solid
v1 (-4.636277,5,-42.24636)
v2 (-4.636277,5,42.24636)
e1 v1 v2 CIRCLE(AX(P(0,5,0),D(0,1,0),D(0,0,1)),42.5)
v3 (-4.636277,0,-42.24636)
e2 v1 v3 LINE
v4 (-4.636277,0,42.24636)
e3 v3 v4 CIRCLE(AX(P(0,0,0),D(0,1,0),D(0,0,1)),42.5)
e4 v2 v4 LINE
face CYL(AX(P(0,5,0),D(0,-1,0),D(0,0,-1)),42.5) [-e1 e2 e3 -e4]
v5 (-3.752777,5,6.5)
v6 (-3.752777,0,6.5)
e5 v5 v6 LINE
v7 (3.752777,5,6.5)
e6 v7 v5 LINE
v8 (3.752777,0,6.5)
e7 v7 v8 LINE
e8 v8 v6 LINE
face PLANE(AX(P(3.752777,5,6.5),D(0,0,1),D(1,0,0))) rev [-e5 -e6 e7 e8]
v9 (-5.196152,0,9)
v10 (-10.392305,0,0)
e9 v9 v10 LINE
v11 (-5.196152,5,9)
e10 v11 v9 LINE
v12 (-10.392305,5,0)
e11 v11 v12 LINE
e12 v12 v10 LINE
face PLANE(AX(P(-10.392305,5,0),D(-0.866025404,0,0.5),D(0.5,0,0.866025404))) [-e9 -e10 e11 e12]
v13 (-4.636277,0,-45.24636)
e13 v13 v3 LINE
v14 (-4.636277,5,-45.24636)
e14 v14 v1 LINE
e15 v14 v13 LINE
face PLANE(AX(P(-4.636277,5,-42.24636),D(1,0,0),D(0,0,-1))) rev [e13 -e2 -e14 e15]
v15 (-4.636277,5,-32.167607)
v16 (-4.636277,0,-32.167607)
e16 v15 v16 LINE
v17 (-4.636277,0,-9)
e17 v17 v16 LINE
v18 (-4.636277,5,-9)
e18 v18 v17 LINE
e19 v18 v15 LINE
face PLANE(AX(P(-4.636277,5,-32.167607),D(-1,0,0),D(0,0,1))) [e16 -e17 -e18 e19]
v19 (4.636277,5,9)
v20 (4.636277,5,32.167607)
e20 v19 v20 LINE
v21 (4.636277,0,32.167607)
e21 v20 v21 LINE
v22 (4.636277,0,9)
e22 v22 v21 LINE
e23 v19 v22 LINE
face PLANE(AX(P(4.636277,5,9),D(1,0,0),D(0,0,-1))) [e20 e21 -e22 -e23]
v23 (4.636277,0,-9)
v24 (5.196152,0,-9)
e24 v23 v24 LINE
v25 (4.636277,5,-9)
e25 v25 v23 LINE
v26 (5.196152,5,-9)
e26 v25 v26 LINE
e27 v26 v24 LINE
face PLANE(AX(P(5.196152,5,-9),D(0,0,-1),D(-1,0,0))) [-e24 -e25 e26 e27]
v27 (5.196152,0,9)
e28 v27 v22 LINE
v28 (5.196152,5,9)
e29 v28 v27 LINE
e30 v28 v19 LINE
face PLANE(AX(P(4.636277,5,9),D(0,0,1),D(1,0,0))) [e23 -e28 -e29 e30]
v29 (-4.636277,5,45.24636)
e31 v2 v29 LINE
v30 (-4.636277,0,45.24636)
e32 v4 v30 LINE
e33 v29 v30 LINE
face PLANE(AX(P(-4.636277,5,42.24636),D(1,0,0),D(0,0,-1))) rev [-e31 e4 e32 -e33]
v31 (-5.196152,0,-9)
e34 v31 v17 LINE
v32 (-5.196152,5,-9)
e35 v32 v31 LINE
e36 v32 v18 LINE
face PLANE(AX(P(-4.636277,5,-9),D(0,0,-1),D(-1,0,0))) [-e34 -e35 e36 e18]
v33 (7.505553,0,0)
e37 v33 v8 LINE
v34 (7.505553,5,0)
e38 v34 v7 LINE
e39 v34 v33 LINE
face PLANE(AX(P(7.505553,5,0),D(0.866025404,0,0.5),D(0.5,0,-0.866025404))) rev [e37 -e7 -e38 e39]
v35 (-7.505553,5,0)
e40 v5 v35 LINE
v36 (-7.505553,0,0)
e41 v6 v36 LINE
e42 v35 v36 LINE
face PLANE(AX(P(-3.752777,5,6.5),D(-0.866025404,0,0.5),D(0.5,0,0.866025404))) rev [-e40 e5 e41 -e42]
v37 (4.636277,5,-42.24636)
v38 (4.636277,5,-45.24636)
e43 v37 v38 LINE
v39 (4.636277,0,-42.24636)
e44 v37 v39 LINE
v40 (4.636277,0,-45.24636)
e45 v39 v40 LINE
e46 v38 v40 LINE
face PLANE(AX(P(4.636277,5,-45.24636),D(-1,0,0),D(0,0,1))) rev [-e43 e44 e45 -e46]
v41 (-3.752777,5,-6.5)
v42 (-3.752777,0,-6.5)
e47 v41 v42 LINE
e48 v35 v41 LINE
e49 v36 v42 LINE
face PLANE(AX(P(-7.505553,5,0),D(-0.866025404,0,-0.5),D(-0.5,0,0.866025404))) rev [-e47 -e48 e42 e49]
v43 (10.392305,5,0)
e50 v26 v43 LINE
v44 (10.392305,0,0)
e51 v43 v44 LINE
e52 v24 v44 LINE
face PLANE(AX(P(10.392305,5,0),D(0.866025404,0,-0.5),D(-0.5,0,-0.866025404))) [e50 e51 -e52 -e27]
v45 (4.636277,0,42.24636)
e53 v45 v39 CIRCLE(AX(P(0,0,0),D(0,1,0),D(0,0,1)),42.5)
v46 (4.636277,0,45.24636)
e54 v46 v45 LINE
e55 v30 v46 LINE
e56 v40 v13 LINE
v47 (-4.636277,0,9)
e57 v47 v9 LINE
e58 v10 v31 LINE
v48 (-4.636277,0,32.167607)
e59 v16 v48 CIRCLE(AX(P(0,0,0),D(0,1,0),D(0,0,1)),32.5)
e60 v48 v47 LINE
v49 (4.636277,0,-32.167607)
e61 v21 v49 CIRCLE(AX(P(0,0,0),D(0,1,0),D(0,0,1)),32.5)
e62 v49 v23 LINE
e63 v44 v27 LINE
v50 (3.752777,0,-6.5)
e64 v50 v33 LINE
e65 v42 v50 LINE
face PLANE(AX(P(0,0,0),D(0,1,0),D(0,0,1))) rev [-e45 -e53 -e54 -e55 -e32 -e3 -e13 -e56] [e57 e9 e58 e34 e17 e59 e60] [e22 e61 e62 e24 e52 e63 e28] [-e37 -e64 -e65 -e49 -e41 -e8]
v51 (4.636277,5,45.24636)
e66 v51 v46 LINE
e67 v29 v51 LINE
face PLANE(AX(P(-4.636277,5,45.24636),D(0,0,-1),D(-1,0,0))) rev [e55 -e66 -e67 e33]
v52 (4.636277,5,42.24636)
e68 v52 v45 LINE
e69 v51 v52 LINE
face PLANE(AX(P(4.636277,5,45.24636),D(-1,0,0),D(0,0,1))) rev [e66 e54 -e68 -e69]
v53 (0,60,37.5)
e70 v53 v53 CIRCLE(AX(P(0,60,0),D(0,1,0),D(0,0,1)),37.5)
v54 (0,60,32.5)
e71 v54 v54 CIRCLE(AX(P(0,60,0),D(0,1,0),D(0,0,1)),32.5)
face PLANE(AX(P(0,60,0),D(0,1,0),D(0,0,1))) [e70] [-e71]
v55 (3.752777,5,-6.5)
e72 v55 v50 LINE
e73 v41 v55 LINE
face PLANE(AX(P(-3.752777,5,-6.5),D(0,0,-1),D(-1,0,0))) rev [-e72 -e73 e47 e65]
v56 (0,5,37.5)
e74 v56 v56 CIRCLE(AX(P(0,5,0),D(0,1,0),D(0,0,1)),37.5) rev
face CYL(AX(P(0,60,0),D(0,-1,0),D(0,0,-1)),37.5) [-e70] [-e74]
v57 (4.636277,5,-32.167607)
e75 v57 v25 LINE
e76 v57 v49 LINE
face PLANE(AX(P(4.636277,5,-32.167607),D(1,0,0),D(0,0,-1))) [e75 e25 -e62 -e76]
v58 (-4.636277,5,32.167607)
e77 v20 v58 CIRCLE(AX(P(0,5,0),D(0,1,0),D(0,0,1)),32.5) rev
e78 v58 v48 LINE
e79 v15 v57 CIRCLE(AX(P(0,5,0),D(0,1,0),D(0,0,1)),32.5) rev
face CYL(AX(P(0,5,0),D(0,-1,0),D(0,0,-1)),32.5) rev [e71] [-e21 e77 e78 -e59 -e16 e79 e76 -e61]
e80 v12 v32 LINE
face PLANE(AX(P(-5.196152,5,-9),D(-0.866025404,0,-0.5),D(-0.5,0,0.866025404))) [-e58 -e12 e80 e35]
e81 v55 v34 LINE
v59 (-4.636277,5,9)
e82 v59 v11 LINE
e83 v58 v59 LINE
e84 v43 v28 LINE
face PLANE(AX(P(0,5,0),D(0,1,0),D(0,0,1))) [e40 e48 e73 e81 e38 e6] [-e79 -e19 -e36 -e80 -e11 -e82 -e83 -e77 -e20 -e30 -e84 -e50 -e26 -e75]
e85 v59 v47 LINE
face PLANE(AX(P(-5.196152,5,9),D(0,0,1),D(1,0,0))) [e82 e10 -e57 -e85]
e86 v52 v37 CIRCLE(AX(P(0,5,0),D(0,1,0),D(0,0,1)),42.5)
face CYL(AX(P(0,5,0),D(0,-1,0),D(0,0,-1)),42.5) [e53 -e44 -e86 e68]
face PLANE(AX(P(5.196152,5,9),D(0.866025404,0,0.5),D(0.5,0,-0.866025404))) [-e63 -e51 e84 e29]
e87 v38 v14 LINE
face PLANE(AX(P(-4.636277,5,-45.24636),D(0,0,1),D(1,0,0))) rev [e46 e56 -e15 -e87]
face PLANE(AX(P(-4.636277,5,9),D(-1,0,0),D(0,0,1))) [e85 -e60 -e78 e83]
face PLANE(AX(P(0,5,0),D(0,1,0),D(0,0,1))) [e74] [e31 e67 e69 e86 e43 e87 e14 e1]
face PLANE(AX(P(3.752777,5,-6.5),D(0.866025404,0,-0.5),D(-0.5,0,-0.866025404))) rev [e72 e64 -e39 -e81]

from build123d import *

# Parameters (mm, degrees)
BOSS_EXTRUDE3_DEPTH = 5
CUT_EXTRUDE1_DEPTH  = 6
SKETCH1_R           = 37.5
SKETCH1_R_2         = 32.5
BOSS_EXTRUDE4_DEPTH = 60


with BuildPart() as part:
    # Sketch4 → Boss-Extrude3 (new body)
    with BuildSketch(Plane(origin=(0, 0, 0), x_dir=(1, 0, 0), z_dir=(0, 1, 0))):
        with BuildLine():
            Line((-4.63627719, -42.246360007), (-4.63627719, -45.246360007))
            Line((-4.63627719, -45.246360007), (4.63627719, -45.246360007))
            Line((4.63627719, -45.246360007), (4.63627719, -42.246360007))
            ThreePointArc((4.63627719, -42.246360007), (42.5, 0), (4.63627719, 42.246360007))
            Line((4.63627719, 42.246360007), (4.63627719, 45.246360007))
            Line((4.63627719, 45.246360007), (-4.63627719, 45.246360007))
            Line((-4.63627719, 45.246360007), (-4.63627719, 42.246360007))
            ThreePointArc((-4.63627719, 42.246360007), (-42.5, 0), (-4.63627719, -42.246360007))
        make_face()
        with BuildLine():
            Line((-4.63627719, 32.167606902), (-4.63627719, 9))
            Line((-4.63627719, 9), (-5.196152423, 9))
            Line((-5.196152423, 9), (-10.392304845, 0))
            Line((-10.392304845, 0), (-5.196152423, -9))
            Line((-5.196152423, -9), (-4.63627719, -9))
            Line((-4.63627719, -9), (-4.63627719, -32.167606902))
            ThreePointArc((-4.63627719, -32.167606902), (-32.5, 0), (-4.63627719, 32.167606902))
        make_face(mode=Mode.SUBTRACT)
        with BuildLine():
            Line((4.63627719, 32.167606902), (4.63627719, 9))
            Line((4.63627719, 9), (5.196152423, 9))
            Line((5.196152423, 9), (10.392304845, 0))
            Line((10.392304845, 0), (5.196152423, -9))
            Line((5.196152423, -9), (4.63627719, -9))
            Line((4.63627719, -9), (4.63627719, -32.167606902))
            ThreePointArc((4.63627719, -32.167606902), (32.5, 0), (4.63627719, 32.167606902))
        make_face(mode=Mode.SUBTRACT)
    extrude(amount=BOSS_EXTRUDE3_DEPTH)

    # Sketch7 → Cut-Extrude1 (cut, through all)
    with BuildSketch(Plane(origin=(0, 0, 0), x_dir=(-1, 0, 0), z_dir=(0, -1, 0))):
        Polygon((-7.505553499, 0), (-3.75277675, -6.5), (3.75277675, -6.5), (7.505553499, 0), (3.75277675, 6.5), (-3.75277675, 6.5), align=None)
    extrude(amount=-CUT_EXTRUDE1_DEPTH, mode=Mode.SUBTRACT)

    # Sketch1 → Boss-Extrude4 (add)
    with BuildSketch(Plane(origin=(0, 0, 0), x_dir=(1, 0, 0), z_dir=(0, 1, 0))):
        Circle(SKETCH1_R)
        Circle(SKETCH1_R_2, mode=Mode.SUBTRACT)
    extrude(amount=BOSS_EXTRUDE4_DEPTH)


solid = part.part
